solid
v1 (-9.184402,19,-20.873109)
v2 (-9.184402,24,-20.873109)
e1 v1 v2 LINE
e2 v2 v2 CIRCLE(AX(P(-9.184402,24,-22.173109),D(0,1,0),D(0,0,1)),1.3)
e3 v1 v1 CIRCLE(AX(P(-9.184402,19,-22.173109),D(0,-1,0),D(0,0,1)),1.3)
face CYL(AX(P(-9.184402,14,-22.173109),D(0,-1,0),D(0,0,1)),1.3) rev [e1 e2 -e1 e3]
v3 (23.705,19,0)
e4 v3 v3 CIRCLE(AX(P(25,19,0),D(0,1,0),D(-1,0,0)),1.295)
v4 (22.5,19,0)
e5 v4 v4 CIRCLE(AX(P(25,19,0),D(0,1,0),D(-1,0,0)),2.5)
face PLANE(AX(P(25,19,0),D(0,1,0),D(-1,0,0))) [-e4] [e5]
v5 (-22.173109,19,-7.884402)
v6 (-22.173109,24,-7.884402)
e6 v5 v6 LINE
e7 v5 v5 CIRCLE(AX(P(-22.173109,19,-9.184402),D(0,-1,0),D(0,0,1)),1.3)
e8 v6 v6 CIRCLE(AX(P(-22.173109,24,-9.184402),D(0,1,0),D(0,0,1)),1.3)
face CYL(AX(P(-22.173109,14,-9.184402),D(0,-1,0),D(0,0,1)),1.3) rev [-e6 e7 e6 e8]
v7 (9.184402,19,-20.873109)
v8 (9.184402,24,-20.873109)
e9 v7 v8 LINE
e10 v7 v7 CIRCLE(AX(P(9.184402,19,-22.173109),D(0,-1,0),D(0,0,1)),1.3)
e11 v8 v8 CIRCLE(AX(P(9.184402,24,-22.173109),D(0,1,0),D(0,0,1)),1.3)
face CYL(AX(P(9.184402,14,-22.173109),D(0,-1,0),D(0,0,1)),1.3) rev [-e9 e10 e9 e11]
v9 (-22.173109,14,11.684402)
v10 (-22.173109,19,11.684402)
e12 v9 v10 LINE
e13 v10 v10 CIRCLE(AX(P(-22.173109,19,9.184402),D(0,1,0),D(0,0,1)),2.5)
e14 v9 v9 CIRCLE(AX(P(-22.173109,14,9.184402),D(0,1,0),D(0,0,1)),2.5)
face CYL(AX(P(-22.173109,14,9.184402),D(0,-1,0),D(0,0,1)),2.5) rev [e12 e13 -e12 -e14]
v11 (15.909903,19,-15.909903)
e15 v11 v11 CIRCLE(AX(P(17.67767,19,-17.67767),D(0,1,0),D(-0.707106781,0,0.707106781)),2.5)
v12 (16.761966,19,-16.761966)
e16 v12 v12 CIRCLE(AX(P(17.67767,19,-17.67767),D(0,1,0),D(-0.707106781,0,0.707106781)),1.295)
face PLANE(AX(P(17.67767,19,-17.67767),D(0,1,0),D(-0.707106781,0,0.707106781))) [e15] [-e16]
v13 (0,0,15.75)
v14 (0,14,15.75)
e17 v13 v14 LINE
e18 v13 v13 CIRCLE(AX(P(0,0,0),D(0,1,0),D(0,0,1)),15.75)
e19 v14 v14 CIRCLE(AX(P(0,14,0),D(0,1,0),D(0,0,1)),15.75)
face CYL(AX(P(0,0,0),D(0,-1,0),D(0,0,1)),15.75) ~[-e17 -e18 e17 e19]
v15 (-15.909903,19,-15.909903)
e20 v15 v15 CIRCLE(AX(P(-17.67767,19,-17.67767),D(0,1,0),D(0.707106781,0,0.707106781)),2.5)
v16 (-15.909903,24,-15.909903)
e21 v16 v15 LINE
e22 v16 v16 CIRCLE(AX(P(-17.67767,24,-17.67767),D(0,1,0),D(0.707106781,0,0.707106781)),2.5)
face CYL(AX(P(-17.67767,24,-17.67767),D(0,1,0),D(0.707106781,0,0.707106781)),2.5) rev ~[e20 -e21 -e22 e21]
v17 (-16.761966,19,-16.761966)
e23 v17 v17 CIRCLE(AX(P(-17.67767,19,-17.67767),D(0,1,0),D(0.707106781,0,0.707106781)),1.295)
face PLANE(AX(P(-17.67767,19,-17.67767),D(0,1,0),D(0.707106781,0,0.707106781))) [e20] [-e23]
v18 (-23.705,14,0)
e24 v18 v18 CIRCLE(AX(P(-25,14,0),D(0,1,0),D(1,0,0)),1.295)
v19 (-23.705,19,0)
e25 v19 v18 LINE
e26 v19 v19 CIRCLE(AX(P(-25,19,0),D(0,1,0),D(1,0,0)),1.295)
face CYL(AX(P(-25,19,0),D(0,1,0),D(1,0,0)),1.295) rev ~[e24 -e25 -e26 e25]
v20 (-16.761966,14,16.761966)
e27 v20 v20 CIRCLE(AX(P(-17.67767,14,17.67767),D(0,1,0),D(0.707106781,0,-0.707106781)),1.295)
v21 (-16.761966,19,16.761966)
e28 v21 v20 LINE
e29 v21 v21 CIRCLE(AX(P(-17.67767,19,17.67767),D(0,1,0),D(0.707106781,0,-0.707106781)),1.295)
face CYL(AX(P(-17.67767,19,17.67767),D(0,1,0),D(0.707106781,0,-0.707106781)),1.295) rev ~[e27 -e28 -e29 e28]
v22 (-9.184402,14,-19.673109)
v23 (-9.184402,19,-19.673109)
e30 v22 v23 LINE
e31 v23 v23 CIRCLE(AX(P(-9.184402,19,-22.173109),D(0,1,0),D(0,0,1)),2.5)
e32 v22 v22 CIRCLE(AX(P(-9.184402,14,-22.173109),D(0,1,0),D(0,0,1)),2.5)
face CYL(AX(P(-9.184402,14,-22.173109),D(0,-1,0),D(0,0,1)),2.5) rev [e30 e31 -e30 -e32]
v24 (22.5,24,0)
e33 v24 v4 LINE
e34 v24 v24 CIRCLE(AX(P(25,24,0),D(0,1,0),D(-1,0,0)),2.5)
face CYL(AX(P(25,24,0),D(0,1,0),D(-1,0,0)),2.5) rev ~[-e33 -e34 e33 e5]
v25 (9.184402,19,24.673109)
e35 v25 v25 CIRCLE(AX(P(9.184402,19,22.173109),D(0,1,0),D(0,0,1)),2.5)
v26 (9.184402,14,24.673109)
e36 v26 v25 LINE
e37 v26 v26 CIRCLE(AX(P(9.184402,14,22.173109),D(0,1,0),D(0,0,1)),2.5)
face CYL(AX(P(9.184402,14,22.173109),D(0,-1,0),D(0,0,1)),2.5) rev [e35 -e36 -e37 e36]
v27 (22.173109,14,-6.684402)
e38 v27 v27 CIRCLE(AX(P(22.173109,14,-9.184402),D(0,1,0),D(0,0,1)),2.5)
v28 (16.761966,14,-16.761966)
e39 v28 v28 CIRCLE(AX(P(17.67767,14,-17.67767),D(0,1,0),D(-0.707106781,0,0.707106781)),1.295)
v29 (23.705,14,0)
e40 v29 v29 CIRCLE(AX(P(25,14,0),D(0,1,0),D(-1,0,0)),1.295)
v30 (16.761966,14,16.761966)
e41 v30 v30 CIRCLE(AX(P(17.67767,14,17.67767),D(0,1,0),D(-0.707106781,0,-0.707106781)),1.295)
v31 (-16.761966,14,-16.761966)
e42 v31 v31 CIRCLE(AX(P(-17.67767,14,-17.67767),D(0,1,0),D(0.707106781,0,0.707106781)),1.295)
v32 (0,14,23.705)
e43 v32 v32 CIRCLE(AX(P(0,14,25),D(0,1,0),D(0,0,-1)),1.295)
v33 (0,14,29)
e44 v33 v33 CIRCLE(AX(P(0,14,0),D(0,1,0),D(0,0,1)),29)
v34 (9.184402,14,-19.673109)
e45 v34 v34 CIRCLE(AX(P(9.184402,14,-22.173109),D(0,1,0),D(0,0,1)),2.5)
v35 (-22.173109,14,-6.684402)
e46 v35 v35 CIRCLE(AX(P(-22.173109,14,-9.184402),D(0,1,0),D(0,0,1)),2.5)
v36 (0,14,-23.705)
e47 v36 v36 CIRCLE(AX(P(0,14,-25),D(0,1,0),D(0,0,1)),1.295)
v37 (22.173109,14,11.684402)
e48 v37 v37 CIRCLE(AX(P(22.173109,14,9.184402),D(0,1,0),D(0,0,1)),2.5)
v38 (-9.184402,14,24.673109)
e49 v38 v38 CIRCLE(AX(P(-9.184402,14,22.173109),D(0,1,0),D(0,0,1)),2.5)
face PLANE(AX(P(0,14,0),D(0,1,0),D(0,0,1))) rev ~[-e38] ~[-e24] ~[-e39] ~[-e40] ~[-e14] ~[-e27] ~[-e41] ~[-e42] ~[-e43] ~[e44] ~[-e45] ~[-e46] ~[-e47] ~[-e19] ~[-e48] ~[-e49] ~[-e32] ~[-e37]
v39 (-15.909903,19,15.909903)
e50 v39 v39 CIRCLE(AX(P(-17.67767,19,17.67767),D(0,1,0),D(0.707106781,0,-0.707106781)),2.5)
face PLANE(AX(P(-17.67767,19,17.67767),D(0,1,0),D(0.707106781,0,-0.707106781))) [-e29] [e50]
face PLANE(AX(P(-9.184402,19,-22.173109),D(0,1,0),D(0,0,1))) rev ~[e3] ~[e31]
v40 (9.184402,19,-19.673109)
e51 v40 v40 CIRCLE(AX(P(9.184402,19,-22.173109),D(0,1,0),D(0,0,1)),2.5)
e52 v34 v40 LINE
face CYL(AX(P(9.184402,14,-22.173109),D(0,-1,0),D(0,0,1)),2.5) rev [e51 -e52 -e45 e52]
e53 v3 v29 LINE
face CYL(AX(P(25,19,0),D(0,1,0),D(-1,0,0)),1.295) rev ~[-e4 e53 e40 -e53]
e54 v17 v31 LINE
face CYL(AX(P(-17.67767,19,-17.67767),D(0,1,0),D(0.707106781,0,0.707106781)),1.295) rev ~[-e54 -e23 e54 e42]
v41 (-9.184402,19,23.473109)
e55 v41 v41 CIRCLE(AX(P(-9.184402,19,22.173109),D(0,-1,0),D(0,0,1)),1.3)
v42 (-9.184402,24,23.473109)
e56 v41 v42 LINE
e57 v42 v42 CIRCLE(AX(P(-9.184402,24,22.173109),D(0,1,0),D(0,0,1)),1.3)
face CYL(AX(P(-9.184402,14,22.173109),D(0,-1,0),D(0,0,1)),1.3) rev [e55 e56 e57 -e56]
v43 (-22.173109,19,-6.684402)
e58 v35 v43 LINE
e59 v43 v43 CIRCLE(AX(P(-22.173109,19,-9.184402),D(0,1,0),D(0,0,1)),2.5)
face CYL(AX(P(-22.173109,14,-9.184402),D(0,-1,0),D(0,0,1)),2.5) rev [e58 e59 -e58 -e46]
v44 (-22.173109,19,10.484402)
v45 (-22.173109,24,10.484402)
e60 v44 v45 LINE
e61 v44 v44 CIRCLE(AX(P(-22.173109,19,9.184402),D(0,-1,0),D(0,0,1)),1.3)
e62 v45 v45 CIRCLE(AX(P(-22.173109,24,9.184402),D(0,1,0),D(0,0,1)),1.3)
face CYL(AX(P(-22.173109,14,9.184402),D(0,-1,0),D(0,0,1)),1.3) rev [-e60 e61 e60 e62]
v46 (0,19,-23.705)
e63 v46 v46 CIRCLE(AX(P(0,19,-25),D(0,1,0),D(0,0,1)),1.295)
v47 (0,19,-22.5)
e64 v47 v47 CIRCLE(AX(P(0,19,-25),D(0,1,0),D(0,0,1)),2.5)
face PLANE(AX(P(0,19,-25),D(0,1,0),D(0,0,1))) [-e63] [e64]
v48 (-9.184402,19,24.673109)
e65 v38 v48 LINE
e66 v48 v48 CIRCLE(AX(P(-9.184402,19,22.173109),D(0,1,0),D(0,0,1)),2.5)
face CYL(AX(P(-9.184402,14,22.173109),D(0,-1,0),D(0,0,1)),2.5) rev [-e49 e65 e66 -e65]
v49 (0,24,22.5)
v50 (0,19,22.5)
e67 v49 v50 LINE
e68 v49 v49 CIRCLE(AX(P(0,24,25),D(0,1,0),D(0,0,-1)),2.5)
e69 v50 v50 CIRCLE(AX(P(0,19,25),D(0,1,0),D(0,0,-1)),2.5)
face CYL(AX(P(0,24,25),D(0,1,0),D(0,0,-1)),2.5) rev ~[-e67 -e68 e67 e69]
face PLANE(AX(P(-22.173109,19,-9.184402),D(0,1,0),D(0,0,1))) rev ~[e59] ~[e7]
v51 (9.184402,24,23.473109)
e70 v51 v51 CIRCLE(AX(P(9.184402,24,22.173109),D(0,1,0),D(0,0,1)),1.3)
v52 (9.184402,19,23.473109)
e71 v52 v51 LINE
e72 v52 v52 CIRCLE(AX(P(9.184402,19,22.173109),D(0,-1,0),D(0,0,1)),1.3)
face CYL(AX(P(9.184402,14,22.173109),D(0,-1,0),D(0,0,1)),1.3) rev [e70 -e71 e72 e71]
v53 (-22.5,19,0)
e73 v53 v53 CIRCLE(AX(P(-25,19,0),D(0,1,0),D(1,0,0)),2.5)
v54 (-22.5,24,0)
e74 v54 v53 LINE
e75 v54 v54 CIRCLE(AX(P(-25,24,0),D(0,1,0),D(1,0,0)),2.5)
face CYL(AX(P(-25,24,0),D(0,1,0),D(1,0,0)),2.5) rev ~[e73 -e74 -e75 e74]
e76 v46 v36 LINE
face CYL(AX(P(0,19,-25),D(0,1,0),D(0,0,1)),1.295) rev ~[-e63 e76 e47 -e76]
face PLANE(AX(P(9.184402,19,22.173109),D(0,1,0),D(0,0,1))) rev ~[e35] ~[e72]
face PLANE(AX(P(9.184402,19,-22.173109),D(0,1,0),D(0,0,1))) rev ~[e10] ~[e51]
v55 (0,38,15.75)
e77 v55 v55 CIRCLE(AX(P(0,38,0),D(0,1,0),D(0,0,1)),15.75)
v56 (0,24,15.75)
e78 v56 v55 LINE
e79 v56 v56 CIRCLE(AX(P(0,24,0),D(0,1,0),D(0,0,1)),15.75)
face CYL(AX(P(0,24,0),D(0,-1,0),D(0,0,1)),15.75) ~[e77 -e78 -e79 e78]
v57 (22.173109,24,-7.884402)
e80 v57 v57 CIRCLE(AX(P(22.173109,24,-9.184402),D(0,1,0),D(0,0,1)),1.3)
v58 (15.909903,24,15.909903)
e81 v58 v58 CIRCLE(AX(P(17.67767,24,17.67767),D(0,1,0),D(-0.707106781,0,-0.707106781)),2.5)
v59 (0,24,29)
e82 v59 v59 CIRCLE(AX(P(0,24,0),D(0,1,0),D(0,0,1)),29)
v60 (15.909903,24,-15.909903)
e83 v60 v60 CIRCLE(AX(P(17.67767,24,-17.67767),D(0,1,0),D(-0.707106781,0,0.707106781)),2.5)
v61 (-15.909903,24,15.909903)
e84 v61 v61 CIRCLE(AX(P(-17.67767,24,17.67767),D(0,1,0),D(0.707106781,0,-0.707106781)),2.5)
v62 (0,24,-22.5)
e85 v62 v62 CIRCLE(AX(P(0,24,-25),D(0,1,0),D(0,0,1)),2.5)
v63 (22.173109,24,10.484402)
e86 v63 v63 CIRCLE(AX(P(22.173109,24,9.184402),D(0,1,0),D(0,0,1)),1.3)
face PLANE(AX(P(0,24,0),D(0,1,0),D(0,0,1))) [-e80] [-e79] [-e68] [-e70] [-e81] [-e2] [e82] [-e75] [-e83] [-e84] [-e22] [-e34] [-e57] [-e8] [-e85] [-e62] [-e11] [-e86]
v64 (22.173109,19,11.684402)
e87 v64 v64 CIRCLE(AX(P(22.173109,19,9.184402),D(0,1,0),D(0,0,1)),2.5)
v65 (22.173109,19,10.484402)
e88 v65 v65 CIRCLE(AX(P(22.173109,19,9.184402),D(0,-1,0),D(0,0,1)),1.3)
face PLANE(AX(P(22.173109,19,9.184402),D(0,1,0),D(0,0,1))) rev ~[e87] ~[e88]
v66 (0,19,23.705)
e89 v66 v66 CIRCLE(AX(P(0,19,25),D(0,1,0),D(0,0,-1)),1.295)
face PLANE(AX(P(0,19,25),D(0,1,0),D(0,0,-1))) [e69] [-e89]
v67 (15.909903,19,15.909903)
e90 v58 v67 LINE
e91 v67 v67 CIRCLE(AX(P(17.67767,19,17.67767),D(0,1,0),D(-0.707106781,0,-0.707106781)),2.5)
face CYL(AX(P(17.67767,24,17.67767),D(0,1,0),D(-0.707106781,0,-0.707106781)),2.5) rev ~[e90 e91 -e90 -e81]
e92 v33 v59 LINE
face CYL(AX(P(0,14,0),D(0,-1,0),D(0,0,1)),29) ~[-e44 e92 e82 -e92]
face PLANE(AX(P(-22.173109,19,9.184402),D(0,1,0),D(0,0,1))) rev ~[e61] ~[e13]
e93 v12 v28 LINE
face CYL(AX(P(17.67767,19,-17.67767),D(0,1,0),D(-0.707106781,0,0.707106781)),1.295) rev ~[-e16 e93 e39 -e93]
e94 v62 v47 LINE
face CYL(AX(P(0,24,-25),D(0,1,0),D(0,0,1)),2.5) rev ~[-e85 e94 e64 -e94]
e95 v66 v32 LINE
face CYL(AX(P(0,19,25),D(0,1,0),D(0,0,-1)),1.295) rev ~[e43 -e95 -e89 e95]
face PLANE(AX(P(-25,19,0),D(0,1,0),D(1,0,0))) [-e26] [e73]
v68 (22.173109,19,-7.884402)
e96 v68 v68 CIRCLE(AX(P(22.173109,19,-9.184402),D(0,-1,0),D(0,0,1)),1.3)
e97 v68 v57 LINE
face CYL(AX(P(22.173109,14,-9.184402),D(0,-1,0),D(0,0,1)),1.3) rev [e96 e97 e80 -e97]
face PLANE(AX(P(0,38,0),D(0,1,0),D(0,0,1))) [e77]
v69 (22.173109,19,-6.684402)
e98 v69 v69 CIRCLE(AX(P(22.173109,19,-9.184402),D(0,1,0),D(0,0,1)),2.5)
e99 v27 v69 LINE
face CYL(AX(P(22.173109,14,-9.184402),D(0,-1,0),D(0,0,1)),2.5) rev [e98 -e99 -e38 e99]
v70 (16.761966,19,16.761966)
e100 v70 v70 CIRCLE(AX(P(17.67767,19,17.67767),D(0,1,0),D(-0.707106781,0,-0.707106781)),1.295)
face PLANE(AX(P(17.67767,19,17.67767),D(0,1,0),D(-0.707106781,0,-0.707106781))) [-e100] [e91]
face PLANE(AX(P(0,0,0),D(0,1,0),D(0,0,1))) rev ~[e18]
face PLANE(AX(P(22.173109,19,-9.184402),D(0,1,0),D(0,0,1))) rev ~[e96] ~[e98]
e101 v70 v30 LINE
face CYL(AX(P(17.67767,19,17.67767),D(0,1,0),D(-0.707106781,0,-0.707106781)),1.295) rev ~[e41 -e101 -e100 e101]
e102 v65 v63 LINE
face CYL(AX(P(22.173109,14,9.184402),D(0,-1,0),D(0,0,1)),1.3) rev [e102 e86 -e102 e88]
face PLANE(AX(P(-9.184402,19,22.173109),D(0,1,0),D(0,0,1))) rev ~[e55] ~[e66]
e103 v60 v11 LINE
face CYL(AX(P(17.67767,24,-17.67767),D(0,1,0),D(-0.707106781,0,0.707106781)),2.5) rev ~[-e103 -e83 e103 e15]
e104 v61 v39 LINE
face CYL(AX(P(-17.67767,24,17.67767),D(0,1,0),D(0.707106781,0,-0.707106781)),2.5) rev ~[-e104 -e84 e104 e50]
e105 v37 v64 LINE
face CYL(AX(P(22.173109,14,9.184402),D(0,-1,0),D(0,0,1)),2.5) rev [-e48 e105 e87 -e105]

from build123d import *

# Parameters (mm, degrees)
SKETCH1_R                  = 15.75
BOSS_EXTRUDE1_DEPTH        = 14
SKETCH2_R                  = 29
BOSS_EXTRUDE2_DEPTH        = 10
SKETCH4_R                  = 2.5
CUT_EXTRUDE1_DEPTH         = 5
SKETCH5_R                  = 1.295
CUT_EXTRUDE2_DEPTH         = 46.19955752
CIRPATTERN1_COUNT          = 8
SKETCH6_R                  = 15.75
BOSS_EXTRUDE3_DEPTH        = 14
LOBAC_M25_THROUGH_X8_START = 14
SKETCH9_R                  = 1.3
LOBAC_M25_THROUGH_X8_DEPTH = 10
LOBAC_M25_CBORE_X8_START   = 14
SKETCH10_R                 = 2.5
LOBAC_M25_CBORE_X8_DEPTH   = 5


with BuildPart() as part:
    # Sketch1 → Boss-Extrude1 (new body)
    with BuildSketch(Plane(origin=(0, 0, 0), x_dir=(1, 0, 0), z_dir=(0, 1, 0))):
        with Locations(Location((0, 0, 0), (0, 0, 270))):
            Circle(SKETCH1_R)
    extrude(amount=BOSS_EXTRUDE1_DEPTH)

    # Sketch2 → Boss-Extrude2 (add)
    with BuildSketch(Plane(origin=(0, 14, 0), x_dir=(1, 0, 0), z_dir=(0, 1, 0))):
        with Locations(Location((0, 0, 0), (0, 0, 270))):
            Circle(SKETCH2_R)
    extrude(amount=BOSS_EXTRUDE2_DEPTH)

    # Sketch4 → Cut-Extrude1 (cut)
    with BuildSketch(Plane(origin=(0, 24, 0), x_dir=(1, 0, 0), z_dir=(0, 1, 0))):
        with Locations(Location((0, 25, 0), (0, 0, 270))):
            Circle(SKETCH4_R)
    cut_extrude1 = extrude(amount=-CUT_EXTRUDE1_DEPTH, mode=Mode.SUBTRACT)

    # Sketch5 → Cut-Extrude2 (cut, through all)
    with BuildSketch(Plane(origin=(0, 19, 0), x_dir=(1, 0, 0), z_dir=(0, 1, 0))):
        with Locations(Location((0, 25, 0), (0, 0, 270))):
            Circle(SKETCH5_R)
    cut_extrude2 = extrude(amount=-CUT_EXTRUDE2_DEPTH, mode=Mode.SUBTRACT)

    # CirPattern1: Cut-Extrude1, Cut-Extrude2 ×8 about axis
    cirpattern1_axis = Axis((0, 0, 0), (0, 1, 0))
    add([cut_extrude1.rotate(cirpattern1_axis, i * 360 / CIRPATTERN1_COUNT) for i in range(1, CIRPATTERN1_COUNT)], mode=Mode.SUBTRACT)
    add([cut_extrude2.rotate(cirpattern1_axis, i * 360 / CIRPATTERN1_COUNT) for i in range(1, CIRPATTERN1_COUNT)], mode=Mode.SUBTRACT)

    # Sketch6 → Boss-Extrude3 (add)
    with BuildSketch(Plane(origin=(0, 24, 0), x_dir=(1, 0, 0), z_dir=(0, 1, 0))):
        with Locations(Location((0, 0, 0), (0, 0, 270))):
            Circle(SKETCH6_R)
    extrude(amount=BOSS_EXTRUDE3_DEPTH)

    # Sketch9 → LoBac-M25-Through-x8 (cut)
    with BuildSketch(Plane(origin=(0, 0, 0), x_dir=(1, 0, 0), z_dir=(0, 1, 0)).offset(LOBAC_M25_THROUGH_X8_START)):
        with Locations(Location((22.17310878, -9.184402377, 0), (0, 0, 270))):
            Circle(SKETCH9_R)
        with Locations(Location((9.184402377, -22.17310878, 0), (0, 0, 270))):
            Circle(SKETCH9_R)
        with Locations(Location((-9.184402377, -22.17310878, 0), (0, 0, 270))):
            Circle(SKETCH9_R)
        with Locations(Location((-22.17310878, -9.184402377, 0), (0, 0, 270))):
            Circle(SKETCH9_R)
        with Locations(Location((-22.17310878, 9.184402377, 0), (0, 0, 270))):
            Circle(SKETCH9_R)
        with Locations(Location((-9.184402377, 22.17310878, 0), (0, 0, 270))):
            Circle(SKETCH9_R)
        with Locations(Location((9.184402377, 22.17310878, 0), (0, 0, 270))):
            Circle(SKETCH9_R)
        with Locations(Location((22.17310878, 9.184402377, 0), (0, 0, 270))):
            Circle(SKETCH9_R)
    extrude(amount=LOBAC_M25_THROUGH_X8_DEPTH, mode=Mode.SUBTRACT)

    # Sketch10 → LoBac-M25-CBore-x8 (cut)
    with BuildSketch(Plane(origin=(0, 0, 0), x_dir=(1, 0, 0), z_dir=(0, 1, 0)).offset(LOBAC_M25_CBORE_X8_START)):
        with Locations(Location((22.17310878, -9.184402377, 0), (0, 0, 270))):
            Circle(SKETCH10_R)
        with Locations(Location((9.184402377, -22.17310878, 0), (0, 0, 270))):
            Circle(SKETCH10_R)
        with Locations(Location((-9.184402377, -22.17310878, 0), (0, 0, 270))):
            Circle(SKETCH10_R)
        with Locations(Location((-22.17310878, -9.184402377, 0), (0, 0, 270))):
            Circle(SKETCH10_R)
        with Locations(Location((-22.17310878, 9.184402377, 0), (0, 0, 270))):
            Circle(SKETCH10_R)
        with Locations(Location((-9.184402377, 22.17310878, 0), (0, 0, 270))):
            Circle(SKETCH10_R)
        with Locations(Location((9.184402377, 22.17310878, 0), (0, 0, 270))):
            Circle(SKETCH10_R)
        with Locations(Location((22.17310878, 9.184402377, 0), (0, 0, 270))):
            Circle(SKETCH10_R)
    extrude(amount=LOBAC_M25_CBORE_X8_DEPTH, mode=Mode.SUBTRACT)


solid = part.part
